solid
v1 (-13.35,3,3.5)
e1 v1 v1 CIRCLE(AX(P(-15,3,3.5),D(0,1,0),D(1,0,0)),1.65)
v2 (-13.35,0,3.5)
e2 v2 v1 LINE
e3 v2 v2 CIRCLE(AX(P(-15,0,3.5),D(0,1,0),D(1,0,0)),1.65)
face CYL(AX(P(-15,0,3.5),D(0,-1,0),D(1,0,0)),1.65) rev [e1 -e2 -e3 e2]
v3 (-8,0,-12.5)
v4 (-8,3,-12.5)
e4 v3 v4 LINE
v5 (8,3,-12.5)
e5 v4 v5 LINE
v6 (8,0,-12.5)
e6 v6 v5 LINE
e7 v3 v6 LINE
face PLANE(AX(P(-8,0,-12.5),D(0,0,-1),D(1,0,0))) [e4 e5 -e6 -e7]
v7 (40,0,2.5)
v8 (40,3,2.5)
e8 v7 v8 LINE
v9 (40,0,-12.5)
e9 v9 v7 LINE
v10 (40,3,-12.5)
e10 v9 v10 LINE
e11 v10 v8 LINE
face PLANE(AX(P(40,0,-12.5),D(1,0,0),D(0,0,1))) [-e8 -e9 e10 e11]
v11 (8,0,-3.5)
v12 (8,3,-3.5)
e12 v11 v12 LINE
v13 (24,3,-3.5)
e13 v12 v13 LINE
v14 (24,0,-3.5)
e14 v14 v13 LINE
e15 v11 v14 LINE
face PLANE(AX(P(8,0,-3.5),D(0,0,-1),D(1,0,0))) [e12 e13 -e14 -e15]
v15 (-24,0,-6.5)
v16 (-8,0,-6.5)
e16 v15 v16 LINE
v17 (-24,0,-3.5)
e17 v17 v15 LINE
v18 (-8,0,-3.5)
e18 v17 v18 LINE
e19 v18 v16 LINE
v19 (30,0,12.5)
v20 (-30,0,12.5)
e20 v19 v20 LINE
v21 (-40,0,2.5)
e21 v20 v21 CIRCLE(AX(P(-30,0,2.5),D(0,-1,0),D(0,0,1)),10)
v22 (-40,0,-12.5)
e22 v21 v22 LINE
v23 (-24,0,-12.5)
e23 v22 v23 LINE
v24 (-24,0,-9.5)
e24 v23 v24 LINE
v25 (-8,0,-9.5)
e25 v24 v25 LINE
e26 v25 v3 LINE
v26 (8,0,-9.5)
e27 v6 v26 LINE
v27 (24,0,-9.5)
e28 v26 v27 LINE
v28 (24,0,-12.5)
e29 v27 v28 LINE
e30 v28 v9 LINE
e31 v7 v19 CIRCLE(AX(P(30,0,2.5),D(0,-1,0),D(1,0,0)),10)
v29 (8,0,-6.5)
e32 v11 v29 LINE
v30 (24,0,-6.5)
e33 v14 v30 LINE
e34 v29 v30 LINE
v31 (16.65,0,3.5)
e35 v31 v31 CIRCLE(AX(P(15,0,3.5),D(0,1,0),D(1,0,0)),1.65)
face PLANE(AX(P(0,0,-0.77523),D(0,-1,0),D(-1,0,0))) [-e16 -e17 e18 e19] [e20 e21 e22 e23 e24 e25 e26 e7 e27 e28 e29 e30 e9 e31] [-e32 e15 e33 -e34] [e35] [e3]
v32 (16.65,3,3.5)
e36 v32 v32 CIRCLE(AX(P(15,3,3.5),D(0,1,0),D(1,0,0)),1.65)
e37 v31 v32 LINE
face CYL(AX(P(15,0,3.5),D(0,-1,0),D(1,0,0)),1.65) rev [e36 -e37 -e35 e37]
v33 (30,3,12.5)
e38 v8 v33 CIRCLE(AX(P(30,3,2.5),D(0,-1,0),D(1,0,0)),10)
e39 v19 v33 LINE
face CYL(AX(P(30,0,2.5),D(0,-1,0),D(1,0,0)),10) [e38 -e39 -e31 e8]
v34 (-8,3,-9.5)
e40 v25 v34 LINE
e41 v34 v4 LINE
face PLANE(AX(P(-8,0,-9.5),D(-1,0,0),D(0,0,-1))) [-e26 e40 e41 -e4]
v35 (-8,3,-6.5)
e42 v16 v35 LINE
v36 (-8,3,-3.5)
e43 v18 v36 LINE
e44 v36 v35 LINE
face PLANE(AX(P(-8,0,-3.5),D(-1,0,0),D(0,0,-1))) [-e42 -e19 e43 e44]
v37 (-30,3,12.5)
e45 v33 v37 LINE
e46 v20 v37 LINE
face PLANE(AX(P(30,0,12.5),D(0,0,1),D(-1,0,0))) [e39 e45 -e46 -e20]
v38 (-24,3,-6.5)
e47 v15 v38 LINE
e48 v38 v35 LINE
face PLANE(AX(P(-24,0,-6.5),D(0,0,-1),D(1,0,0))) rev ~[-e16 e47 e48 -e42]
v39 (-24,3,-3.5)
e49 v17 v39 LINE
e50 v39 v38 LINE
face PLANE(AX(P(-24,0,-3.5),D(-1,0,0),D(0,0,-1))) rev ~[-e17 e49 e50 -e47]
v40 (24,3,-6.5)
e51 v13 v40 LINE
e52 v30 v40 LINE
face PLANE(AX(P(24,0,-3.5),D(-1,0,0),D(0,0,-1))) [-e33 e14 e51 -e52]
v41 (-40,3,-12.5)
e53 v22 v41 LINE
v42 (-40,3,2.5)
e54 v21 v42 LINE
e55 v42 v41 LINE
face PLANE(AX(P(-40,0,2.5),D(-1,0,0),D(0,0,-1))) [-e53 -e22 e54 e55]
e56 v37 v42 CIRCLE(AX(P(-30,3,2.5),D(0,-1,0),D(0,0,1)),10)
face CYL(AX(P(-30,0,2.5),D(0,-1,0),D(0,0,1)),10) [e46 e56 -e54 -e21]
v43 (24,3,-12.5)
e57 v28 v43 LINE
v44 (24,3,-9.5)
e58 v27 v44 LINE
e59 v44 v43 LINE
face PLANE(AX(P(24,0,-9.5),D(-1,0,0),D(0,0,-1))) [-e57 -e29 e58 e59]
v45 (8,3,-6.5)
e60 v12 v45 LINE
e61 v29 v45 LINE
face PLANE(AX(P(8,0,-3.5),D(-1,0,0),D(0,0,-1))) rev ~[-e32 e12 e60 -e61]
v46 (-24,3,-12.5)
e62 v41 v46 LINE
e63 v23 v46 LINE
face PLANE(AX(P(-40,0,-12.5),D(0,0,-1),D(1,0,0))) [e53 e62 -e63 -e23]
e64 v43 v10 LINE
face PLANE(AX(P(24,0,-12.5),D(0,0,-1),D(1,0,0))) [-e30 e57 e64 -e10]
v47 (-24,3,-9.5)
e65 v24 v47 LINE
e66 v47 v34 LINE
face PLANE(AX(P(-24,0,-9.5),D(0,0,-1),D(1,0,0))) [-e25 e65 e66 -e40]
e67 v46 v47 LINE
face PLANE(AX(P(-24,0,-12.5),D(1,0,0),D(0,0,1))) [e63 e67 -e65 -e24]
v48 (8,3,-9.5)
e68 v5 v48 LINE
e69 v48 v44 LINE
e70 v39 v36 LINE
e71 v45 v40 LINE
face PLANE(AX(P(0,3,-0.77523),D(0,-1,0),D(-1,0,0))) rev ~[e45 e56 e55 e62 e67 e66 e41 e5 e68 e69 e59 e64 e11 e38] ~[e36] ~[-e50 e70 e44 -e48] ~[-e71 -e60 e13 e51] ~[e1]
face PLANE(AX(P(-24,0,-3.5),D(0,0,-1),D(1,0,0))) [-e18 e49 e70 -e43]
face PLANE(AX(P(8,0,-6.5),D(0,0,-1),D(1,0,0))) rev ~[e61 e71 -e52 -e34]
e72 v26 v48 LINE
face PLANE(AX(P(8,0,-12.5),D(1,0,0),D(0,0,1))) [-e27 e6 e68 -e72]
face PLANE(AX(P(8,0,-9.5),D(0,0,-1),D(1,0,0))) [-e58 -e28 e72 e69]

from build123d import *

# Parameters (mm, degrees)
SKETCH1_R           = 1.65
SKETCH1_W           = 16
SKETCH1_H           = 3
BOSS_EXTRUDE1_DEPTH = 3


with BuildPart() as part:
    # Sketch1 → Boss-Extrude1 (new body)
    with BuildSketch(Plane(origin=(0, 0, 0), x_dir=(1, 0, 0), z_dir=(0, 1, 0))):
        with BuildLine():
            Line((30, -12.5), (-30, -12.5))
            ThreePointArc((-30, -12.5), (-37.071067812, -9.571067812), (-40, -2.5))
            Line((-40, -2.5), (-40, 12.5))
            Line((-40, 12.5), (-24, 12.5))
            Line((-24, 12.5), (-24, 9.5))
            Line((-24, 9.5), (-8, 9.5))
            Line((-8, 9.5), (-8, 12.5))
            Line((-8, 12.5), (8, 12.5))
            Line((8, 12.5), (8, 9.5))
            Line((8, 9.5), (24, 9.5))
            Line((24, 9.5), (24, 12.5))
            Line((24, 12.5), (40, 12.5))
            Line((40, 12.5), (40, -2.5))
            ThreePointArc((40, -2.5), (37.071067812, -9.571067812), (30, -12.5))
        make_face()
        with Locations((-15, -3.5)):
            Circle(SKETCH1_R, mode=Mode.SUBTRACT)
        with Locations((15, -3.5)):
            Circle(SKETCH1_R, mode=Mode.SUBTRACT)
        with Locations((-16, 5)):
            Rectangle(SKETCH1_W, SKETCH1_H, mode=Mode.SUBTRACT)
        with Locations((16, 5)):
            Rectangle(SKETCH1_W, SKETCH1_H, mode=Mode.SUBTRACT)
    extrude(amount=BOSS_EXTRUDE1_DEPTH)


solid = part.part
